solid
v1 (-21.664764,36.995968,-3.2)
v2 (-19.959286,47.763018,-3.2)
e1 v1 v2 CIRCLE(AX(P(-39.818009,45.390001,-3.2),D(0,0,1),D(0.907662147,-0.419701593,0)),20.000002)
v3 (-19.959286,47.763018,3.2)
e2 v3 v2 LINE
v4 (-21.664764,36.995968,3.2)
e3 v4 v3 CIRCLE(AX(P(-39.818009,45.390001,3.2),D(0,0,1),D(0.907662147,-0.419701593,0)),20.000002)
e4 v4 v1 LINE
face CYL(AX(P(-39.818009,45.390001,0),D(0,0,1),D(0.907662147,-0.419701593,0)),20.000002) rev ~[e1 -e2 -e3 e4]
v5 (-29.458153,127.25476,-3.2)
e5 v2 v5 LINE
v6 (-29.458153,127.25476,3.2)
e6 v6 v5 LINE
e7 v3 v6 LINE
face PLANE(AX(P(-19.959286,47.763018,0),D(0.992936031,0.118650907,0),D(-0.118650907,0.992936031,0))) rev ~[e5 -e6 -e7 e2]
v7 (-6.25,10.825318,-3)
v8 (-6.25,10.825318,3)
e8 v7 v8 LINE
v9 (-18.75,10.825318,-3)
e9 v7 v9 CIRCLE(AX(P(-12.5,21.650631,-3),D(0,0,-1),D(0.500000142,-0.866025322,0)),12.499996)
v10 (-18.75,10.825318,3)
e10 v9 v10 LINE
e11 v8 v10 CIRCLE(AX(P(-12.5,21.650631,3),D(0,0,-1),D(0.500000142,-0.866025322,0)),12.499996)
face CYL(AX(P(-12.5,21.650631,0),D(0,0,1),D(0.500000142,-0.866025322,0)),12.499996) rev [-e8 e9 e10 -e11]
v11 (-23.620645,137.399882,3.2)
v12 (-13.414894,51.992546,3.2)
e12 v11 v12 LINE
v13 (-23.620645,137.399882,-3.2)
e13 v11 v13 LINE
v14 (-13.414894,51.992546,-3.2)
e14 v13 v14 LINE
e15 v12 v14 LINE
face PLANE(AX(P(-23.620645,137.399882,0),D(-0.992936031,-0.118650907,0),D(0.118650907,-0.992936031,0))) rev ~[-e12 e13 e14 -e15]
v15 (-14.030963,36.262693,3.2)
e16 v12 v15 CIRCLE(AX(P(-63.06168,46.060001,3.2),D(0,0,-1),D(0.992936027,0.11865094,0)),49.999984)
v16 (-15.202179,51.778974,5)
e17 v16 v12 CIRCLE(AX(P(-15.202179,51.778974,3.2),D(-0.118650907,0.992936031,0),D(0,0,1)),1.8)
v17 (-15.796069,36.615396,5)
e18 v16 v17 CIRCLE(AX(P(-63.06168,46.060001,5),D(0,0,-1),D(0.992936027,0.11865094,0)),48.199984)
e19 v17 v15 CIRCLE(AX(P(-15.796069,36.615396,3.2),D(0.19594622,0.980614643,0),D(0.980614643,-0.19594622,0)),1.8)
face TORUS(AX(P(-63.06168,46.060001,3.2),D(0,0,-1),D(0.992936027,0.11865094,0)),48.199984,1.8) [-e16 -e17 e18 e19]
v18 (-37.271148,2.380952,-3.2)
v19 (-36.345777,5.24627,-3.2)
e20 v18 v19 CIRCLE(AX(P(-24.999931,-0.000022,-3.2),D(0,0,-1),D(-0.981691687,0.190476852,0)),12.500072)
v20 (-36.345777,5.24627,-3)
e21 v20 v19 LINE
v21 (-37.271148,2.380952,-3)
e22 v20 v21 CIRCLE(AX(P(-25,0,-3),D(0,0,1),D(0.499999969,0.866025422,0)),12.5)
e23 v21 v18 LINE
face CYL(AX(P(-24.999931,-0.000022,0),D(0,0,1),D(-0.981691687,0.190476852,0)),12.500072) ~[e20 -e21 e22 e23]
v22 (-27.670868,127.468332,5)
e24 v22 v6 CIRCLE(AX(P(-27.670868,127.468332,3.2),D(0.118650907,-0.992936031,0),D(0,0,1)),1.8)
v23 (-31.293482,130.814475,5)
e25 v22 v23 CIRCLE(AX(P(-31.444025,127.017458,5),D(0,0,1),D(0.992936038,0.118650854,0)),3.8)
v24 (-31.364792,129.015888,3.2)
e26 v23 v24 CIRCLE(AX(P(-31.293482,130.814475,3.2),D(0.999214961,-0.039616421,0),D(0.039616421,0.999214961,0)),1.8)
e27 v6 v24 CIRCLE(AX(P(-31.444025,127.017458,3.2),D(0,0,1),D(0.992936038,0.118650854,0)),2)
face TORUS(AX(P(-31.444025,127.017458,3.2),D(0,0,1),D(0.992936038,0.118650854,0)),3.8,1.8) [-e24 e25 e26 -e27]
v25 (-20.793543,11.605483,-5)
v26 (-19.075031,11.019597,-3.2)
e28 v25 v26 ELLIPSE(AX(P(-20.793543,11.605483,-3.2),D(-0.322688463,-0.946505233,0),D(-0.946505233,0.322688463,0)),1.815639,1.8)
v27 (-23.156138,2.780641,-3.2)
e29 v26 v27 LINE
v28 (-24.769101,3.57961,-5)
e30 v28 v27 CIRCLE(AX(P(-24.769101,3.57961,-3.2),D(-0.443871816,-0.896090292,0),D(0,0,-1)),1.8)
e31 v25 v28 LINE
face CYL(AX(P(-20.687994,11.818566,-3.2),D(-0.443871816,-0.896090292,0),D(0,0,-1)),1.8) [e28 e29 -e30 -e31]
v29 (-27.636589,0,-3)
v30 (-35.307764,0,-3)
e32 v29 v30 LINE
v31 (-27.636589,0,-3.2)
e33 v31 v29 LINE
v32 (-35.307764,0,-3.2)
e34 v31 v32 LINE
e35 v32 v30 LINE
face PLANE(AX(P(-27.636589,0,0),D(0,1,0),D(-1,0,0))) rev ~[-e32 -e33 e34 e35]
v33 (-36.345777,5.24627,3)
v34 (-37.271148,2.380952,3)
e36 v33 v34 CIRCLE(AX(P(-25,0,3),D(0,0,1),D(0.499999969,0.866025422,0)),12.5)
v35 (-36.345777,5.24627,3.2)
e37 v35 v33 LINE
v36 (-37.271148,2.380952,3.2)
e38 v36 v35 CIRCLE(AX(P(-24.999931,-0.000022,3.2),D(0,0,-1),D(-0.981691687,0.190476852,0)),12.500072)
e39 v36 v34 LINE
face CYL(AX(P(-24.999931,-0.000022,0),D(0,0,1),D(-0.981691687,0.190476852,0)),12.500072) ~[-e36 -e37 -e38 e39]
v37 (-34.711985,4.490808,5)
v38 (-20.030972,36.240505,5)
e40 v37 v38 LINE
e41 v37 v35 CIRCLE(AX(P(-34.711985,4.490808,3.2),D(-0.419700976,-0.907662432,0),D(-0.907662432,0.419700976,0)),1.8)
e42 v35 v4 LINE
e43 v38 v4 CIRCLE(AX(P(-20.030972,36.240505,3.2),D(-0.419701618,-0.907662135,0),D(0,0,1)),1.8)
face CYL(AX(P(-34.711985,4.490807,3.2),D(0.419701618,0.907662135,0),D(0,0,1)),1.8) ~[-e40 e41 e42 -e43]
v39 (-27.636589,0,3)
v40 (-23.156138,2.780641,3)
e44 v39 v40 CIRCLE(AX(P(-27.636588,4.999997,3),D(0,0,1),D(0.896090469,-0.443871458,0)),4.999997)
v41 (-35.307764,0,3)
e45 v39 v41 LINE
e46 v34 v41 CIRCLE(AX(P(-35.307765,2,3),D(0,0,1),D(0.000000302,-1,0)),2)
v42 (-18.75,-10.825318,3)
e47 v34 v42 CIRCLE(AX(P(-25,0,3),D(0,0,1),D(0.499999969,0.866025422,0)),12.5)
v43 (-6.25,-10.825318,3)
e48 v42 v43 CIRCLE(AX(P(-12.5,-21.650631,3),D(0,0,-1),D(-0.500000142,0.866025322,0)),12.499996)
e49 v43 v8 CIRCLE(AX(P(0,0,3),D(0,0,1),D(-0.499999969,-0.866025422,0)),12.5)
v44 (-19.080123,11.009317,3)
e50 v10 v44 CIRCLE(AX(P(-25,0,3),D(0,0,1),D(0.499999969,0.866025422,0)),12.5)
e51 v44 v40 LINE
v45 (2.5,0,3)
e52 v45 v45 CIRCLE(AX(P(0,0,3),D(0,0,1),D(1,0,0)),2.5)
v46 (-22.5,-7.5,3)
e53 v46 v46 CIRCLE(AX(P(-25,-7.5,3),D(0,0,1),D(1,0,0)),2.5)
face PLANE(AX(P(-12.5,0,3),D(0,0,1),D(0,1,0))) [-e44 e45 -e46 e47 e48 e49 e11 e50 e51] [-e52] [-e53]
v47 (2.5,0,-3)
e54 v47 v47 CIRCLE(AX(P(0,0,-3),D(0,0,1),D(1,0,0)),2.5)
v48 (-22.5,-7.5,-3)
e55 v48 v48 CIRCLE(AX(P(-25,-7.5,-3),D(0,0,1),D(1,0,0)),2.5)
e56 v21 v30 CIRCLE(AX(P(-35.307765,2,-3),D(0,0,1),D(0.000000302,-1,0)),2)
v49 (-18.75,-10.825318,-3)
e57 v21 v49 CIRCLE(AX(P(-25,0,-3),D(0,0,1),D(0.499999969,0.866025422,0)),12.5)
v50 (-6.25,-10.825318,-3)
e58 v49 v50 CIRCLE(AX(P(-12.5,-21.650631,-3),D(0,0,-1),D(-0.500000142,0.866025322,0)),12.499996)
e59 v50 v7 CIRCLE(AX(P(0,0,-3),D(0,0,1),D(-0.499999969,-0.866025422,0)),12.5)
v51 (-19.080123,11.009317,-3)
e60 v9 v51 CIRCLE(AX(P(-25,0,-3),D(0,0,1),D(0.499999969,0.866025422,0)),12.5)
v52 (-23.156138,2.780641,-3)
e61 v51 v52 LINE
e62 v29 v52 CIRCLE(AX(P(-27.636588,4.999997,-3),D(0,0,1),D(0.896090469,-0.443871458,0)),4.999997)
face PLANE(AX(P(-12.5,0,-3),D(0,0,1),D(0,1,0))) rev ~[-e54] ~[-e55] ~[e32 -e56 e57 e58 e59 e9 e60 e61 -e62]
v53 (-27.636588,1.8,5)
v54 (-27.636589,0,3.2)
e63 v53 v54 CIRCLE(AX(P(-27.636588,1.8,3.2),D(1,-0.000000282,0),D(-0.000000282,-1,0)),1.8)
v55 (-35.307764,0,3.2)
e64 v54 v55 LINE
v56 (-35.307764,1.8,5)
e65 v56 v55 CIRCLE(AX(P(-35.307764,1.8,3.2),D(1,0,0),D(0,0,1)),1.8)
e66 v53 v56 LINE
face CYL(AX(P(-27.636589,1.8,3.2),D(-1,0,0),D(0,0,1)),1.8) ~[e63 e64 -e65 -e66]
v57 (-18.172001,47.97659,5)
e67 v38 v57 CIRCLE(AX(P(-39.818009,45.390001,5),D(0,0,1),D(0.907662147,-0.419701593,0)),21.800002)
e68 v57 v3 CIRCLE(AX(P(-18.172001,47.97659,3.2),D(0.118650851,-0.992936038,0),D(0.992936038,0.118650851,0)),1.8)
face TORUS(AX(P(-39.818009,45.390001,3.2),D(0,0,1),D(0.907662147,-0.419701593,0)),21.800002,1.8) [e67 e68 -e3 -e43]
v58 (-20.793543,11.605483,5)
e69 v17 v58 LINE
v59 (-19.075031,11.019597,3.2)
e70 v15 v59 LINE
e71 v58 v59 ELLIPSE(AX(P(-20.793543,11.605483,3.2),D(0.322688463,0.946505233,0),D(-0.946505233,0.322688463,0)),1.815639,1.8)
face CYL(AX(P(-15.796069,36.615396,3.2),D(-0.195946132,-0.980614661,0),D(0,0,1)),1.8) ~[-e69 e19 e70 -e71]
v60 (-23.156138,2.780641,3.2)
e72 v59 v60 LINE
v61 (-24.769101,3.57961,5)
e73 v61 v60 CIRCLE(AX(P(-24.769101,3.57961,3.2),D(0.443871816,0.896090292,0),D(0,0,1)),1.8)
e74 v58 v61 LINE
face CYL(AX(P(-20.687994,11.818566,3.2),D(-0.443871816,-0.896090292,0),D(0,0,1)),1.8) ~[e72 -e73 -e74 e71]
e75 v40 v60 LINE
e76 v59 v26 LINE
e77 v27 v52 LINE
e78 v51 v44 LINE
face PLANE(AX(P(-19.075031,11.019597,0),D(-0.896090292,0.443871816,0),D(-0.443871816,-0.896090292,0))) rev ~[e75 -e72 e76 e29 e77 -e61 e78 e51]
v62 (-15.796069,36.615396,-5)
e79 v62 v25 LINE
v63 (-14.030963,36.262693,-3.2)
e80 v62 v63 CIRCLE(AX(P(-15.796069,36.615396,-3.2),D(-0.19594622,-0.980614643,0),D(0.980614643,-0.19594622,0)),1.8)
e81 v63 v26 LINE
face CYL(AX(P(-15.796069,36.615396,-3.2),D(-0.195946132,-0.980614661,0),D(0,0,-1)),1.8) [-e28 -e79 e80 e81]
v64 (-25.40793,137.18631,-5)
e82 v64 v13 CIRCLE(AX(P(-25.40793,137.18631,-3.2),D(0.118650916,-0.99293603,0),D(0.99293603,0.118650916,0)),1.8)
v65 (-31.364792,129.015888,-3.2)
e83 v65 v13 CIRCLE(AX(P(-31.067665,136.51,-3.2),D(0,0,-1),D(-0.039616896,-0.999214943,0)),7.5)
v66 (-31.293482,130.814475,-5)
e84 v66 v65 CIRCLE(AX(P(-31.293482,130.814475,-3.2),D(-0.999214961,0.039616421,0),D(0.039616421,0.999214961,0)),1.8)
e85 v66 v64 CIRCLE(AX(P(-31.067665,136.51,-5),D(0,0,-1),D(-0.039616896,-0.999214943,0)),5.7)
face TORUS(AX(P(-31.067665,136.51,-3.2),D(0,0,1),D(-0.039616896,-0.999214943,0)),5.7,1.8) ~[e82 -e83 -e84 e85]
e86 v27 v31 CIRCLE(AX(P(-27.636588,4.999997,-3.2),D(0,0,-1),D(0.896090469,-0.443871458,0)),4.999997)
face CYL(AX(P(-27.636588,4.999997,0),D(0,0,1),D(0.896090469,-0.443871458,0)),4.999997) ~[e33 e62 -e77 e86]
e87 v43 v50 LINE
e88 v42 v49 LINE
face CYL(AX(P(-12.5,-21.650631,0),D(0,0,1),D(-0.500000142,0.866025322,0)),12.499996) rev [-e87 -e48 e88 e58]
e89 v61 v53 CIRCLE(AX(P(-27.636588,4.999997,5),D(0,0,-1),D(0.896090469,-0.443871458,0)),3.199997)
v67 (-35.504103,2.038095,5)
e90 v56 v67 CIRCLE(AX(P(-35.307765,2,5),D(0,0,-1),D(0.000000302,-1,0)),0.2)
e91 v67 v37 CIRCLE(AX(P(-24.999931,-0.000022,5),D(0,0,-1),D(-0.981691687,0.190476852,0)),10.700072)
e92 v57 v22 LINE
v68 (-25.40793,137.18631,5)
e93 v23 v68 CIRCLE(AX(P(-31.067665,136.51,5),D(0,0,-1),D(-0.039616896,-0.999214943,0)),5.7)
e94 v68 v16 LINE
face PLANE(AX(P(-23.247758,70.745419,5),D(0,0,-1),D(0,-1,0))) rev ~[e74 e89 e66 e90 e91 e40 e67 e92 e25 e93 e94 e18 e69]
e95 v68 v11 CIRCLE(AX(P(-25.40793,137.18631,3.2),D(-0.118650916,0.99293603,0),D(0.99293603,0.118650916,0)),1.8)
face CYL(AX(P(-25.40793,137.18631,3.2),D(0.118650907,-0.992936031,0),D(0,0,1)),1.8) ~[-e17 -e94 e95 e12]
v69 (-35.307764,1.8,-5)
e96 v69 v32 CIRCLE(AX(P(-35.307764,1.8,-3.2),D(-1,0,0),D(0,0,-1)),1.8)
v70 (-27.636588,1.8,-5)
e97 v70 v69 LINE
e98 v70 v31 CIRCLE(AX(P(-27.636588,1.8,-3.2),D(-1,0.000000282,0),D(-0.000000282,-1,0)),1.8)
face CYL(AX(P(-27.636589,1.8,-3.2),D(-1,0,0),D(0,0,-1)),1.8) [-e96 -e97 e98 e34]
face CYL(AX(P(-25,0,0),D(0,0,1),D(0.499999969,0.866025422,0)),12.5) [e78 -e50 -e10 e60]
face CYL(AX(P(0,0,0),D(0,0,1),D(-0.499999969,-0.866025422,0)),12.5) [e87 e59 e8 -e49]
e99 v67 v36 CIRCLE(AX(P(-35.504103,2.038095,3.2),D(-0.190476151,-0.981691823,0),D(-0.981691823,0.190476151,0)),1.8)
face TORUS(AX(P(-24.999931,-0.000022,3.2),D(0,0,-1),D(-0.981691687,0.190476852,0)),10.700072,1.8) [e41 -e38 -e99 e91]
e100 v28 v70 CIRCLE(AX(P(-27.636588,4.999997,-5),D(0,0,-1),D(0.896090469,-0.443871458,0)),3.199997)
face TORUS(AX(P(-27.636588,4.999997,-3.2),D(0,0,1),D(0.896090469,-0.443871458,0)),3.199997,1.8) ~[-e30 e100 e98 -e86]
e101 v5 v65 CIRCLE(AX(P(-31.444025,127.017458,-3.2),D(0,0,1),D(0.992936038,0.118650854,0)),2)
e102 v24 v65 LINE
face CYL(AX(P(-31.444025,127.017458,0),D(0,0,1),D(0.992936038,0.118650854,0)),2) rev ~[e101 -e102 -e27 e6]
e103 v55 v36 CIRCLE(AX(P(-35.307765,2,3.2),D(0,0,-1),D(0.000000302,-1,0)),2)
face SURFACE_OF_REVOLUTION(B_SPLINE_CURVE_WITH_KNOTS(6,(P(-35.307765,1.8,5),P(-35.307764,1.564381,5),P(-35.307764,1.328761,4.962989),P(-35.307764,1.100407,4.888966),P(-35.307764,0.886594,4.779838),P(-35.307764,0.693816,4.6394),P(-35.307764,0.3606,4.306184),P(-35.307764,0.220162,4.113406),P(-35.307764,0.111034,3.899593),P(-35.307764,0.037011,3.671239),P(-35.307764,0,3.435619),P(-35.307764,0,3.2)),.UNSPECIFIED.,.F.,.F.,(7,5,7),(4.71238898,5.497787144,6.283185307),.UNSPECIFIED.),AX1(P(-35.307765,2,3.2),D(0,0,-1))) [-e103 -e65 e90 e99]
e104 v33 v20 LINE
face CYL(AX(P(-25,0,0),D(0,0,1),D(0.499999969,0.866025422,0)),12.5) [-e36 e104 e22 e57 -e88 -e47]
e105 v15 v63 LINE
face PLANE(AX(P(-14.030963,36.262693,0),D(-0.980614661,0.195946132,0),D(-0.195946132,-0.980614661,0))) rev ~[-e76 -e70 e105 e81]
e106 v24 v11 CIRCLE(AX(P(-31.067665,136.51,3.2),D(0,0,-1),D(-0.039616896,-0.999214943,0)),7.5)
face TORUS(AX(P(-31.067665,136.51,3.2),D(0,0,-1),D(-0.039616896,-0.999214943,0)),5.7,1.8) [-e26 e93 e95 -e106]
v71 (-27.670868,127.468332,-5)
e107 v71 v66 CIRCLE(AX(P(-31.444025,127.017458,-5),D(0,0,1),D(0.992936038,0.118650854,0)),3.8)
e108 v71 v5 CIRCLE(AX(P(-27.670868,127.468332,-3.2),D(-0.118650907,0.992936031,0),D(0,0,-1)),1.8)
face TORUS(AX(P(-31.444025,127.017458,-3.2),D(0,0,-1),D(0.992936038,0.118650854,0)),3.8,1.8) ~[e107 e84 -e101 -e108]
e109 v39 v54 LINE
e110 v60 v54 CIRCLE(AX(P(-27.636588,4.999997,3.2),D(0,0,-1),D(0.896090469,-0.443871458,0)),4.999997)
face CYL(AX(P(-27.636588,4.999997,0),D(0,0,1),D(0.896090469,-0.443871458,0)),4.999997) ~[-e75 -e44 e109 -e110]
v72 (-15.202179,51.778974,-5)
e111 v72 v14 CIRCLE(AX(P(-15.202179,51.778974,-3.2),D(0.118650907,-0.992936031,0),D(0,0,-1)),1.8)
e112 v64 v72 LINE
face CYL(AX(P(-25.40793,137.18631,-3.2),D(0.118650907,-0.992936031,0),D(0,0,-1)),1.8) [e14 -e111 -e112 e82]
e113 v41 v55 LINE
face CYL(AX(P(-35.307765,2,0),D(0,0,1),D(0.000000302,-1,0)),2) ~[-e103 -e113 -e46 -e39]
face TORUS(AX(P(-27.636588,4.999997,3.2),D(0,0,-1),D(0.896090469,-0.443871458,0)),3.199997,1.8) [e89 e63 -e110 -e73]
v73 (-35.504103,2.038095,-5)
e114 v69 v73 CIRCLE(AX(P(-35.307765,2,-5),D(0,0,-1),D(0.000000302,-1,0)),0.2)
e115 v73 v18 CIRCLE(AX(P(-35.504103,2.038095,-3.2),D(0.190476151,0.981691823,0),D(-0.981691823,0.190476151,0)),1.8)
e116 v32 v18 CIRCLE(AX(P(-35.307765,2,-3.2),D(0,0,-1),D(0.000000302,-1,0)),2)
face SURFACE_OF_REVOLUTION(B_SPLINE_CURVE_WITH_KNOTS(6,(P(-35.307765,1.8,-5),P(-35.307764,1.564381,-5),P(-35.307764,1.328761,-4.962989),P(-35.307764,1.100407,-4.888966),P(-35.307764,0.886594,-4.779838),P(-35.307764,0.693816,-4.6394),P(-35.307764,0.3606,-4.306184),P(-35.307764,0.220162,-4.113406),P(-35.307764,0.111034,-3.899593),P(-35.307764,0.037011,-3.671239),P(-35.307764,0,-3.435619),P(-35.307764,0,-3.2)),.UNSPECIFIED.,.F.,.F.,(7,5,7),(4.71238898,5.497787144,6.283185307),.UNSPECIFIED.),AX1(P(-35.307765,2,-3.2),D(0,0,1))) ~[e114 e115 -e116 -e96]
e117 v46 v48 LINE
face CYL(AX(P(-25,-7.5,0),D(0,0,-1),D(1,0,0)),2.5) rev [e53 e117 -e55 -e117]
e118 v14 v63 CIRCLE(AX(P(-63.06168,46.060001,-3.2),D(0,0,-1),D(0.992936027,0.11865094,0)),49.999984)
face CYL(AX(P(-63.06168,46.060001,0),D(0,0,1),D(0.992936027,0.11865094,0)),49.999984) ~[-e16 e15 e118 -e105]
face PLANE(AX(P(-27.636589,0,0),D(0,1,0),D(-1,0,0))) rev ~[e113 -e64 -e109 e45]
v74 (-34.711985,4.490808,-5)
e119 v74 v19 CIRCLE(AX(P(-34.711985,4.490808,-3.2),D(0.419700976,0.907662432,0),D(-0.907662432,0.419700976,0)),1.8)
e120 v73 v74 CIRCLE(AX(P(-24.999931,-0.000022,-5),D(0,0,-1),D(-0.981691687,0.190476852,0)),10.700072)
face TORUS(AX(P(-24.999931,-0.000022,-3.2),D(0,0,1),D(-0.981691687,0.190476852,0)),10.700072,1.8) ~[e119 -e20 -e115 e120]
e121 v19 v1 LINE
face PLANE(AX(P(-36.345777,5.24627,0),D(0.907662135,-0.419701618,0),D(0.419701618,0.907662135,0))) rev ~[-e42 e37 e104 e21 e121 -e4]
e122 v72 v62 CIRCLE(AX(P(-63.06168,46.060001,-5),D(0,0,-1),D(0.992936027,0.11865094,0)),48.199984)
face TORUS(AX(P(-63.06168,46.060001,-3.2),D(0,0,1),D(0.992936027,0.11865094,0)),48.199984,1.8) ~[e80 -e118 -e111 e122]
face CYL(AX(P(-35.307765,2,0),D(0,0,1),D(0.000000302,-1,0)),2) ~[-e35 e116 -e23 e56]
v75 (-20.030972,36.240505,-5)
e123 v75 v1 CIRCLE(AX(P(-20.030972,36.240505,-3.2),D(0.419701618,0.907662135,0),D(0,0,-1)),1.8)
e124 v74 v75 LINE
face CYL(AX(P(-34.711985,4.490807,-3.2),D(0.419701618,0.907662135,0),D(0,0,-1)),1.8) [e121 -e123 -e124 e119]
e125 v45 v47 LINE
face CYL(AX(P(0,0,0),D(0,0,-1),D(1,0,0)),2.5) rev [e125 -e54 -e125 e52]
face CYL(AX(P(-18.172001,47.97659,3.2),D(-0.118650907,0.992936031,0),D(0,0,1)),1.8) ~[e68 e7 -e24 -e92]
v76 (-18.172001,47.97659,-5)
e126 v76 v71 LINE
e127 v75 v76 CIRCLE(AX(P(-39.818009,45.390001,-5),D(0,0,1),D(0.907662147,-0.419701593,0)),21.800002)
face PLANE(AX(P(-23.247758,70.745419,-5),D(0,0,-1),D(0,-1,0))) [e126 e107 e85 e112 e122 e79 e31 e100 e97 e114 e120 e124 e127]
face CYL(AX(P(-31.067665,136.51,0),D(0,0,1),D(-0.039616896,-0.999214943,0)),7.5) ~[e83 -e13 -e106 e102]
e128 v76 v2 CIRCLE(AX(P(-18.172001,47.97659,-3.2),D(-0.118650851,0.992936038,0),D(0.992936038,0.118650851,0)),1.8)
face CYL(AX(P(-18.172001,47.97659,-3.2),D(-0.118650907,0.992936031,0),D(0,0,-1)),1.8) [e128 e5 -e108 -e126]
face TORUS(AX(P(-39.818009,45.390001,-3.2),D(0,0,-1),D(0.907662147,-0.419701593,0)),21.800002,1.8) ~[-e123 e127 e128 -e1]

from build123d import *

# Parameters (mm, degrees)
SKETCH1_R           = 2.5
BOSS_EXTRUDE1_DEPTH = 3
BOSS_EXTRUDE2_DEPTH = 5
FILLET1_R           = 1.8


with BuildPart() as part:
    # Sketch1 → Boss-Extrude1 (new, symmetric)
    with BuildSketch(Plane(origin=(0, 0, 0), x_dir=(0, 1, 0), z_dir=(0, 0, 1))):
        with BuildLine():
            ThreePointArc((-10.825318, 6.25), (0, -12.5), (10.825318, 6.25))
            ThreePointArc((10.825318, 6.25), (9.150635, 12.5), (10.825318, 18.75))
            ThreePointArc((10.825318, 18.75), (0, 37.5), (-10.825318, 18.75))
            ThreePointArc((-10.825318, 18.75), (-9.150635, 12.5), (-10.825318, 6.25))
        make_face()
        with Locations(Location((0, 0, 0), (0, 0, 270))):
            Circle(SKETCH1_R, mode=Mode.SUBTRACT)
        with Locations(Location((-7.5, 25, 0), (0, 0, 270))):
            Circle(SKETCH1_R, mode=Mode.SUBTRACT)
    extrude(amount=BOSS_EXTRUDE1_DEPTH, both=True)

    # Sketch2 → Boss-Extrude2 (add, symmetric)
    with BuildSketch(Plane(origin=(0, 0, 0), x_dir=(0, 1, 0), z_dir=(0, 0, 1))):
        with BuildLine():
            ThreePointArc((0, 35.307764), (0.727582, 36.850798), (2.380952, 37.271148))
            ThreePointArc((2.380952, 37.271148), (3.841576, 36.895053), (5.24627, 36.345777))
            Line((5.24627, 36.345777), (36.995968, 21.664764))
            ThreePointArc((36.995968, 21.664764), (42.261052, 20.064281), (47.763018, 19.959286))
            Line((47.763018, 19.959286), (127.25476, 29.458153))
            ThreePointArc((127.25476, 29.458153), (128.486622, 30.086985), (129.015888, 31.364792))
            ThreePointArc((129.015888, 31.364792), (141.598901, 36.577029), (137.399882, 23.620645))
            Line((137.399882, 23.620645), (51.992546, 13.414894))
            ThreePointArc((51.992546, 13.414894), (44.103222, 13.1), (36.262693, 14.030963))
            Line((36.262693, 14.030963), (11.019597, 19.075031))
            Line((11.019597, 19.075031), (2.780641, 23.156138))
            ThreePointArc((2.780641, 23.156138), (0.751659, 25), (0, 27.636589))
            Line((0, 27.636589), (0, 35.307764))
        make_face()
    extrude(amount=BOSS_EXTRUDE2_DEPTH, both=True)

    # Fillet1
    fillet1_edges = [part.edges().sort_by_distance(p)[0] for p in [
        (-36.850798, 0.727582, 5),
        (-21.115584, 6.900119, -5),
        (-31.472177, 0, -5),
        (-25, 0.751659, -5),
        (-16.552997, 23.641145, 5),
        (-13.1, 44.103222, -5),
        (-18.51777, 94.696214, -5),
        (-36.577029, 141.598901, -5),
        (-30.086985, 128.486622, 5),
        (-24.70872, 87.508889, 5),
        (-20.064281, 42.261052, 5),
        (-29.00527, 21.121119, 5),
        (-36.895053, 3.841576, -5),
        (-31.472177, 0, 5),
        (-25, 0.751659, 5),
        (-21.115584, 6.900119, 5),
        (-13.1, 44.103222, 5),
        (-18.51777, 94.696214, 5),
        (-36.577029, 141.598901, 5),
        (-36.895053, 3.841576, 5),
        (-36.850798, 0.727582, -5),
        (-29.00527, 21.121119, -5),
        (-20.064281, 42.261052, -5),
        (-24.70872, 87.508889, -5),
        (-30.086985, 128.486622, -5),
        (-16.552997, 23.641145, -5),
    ]]
    fillet(fillet1_edges, radius=FILLET1_R)


solid = part.part
